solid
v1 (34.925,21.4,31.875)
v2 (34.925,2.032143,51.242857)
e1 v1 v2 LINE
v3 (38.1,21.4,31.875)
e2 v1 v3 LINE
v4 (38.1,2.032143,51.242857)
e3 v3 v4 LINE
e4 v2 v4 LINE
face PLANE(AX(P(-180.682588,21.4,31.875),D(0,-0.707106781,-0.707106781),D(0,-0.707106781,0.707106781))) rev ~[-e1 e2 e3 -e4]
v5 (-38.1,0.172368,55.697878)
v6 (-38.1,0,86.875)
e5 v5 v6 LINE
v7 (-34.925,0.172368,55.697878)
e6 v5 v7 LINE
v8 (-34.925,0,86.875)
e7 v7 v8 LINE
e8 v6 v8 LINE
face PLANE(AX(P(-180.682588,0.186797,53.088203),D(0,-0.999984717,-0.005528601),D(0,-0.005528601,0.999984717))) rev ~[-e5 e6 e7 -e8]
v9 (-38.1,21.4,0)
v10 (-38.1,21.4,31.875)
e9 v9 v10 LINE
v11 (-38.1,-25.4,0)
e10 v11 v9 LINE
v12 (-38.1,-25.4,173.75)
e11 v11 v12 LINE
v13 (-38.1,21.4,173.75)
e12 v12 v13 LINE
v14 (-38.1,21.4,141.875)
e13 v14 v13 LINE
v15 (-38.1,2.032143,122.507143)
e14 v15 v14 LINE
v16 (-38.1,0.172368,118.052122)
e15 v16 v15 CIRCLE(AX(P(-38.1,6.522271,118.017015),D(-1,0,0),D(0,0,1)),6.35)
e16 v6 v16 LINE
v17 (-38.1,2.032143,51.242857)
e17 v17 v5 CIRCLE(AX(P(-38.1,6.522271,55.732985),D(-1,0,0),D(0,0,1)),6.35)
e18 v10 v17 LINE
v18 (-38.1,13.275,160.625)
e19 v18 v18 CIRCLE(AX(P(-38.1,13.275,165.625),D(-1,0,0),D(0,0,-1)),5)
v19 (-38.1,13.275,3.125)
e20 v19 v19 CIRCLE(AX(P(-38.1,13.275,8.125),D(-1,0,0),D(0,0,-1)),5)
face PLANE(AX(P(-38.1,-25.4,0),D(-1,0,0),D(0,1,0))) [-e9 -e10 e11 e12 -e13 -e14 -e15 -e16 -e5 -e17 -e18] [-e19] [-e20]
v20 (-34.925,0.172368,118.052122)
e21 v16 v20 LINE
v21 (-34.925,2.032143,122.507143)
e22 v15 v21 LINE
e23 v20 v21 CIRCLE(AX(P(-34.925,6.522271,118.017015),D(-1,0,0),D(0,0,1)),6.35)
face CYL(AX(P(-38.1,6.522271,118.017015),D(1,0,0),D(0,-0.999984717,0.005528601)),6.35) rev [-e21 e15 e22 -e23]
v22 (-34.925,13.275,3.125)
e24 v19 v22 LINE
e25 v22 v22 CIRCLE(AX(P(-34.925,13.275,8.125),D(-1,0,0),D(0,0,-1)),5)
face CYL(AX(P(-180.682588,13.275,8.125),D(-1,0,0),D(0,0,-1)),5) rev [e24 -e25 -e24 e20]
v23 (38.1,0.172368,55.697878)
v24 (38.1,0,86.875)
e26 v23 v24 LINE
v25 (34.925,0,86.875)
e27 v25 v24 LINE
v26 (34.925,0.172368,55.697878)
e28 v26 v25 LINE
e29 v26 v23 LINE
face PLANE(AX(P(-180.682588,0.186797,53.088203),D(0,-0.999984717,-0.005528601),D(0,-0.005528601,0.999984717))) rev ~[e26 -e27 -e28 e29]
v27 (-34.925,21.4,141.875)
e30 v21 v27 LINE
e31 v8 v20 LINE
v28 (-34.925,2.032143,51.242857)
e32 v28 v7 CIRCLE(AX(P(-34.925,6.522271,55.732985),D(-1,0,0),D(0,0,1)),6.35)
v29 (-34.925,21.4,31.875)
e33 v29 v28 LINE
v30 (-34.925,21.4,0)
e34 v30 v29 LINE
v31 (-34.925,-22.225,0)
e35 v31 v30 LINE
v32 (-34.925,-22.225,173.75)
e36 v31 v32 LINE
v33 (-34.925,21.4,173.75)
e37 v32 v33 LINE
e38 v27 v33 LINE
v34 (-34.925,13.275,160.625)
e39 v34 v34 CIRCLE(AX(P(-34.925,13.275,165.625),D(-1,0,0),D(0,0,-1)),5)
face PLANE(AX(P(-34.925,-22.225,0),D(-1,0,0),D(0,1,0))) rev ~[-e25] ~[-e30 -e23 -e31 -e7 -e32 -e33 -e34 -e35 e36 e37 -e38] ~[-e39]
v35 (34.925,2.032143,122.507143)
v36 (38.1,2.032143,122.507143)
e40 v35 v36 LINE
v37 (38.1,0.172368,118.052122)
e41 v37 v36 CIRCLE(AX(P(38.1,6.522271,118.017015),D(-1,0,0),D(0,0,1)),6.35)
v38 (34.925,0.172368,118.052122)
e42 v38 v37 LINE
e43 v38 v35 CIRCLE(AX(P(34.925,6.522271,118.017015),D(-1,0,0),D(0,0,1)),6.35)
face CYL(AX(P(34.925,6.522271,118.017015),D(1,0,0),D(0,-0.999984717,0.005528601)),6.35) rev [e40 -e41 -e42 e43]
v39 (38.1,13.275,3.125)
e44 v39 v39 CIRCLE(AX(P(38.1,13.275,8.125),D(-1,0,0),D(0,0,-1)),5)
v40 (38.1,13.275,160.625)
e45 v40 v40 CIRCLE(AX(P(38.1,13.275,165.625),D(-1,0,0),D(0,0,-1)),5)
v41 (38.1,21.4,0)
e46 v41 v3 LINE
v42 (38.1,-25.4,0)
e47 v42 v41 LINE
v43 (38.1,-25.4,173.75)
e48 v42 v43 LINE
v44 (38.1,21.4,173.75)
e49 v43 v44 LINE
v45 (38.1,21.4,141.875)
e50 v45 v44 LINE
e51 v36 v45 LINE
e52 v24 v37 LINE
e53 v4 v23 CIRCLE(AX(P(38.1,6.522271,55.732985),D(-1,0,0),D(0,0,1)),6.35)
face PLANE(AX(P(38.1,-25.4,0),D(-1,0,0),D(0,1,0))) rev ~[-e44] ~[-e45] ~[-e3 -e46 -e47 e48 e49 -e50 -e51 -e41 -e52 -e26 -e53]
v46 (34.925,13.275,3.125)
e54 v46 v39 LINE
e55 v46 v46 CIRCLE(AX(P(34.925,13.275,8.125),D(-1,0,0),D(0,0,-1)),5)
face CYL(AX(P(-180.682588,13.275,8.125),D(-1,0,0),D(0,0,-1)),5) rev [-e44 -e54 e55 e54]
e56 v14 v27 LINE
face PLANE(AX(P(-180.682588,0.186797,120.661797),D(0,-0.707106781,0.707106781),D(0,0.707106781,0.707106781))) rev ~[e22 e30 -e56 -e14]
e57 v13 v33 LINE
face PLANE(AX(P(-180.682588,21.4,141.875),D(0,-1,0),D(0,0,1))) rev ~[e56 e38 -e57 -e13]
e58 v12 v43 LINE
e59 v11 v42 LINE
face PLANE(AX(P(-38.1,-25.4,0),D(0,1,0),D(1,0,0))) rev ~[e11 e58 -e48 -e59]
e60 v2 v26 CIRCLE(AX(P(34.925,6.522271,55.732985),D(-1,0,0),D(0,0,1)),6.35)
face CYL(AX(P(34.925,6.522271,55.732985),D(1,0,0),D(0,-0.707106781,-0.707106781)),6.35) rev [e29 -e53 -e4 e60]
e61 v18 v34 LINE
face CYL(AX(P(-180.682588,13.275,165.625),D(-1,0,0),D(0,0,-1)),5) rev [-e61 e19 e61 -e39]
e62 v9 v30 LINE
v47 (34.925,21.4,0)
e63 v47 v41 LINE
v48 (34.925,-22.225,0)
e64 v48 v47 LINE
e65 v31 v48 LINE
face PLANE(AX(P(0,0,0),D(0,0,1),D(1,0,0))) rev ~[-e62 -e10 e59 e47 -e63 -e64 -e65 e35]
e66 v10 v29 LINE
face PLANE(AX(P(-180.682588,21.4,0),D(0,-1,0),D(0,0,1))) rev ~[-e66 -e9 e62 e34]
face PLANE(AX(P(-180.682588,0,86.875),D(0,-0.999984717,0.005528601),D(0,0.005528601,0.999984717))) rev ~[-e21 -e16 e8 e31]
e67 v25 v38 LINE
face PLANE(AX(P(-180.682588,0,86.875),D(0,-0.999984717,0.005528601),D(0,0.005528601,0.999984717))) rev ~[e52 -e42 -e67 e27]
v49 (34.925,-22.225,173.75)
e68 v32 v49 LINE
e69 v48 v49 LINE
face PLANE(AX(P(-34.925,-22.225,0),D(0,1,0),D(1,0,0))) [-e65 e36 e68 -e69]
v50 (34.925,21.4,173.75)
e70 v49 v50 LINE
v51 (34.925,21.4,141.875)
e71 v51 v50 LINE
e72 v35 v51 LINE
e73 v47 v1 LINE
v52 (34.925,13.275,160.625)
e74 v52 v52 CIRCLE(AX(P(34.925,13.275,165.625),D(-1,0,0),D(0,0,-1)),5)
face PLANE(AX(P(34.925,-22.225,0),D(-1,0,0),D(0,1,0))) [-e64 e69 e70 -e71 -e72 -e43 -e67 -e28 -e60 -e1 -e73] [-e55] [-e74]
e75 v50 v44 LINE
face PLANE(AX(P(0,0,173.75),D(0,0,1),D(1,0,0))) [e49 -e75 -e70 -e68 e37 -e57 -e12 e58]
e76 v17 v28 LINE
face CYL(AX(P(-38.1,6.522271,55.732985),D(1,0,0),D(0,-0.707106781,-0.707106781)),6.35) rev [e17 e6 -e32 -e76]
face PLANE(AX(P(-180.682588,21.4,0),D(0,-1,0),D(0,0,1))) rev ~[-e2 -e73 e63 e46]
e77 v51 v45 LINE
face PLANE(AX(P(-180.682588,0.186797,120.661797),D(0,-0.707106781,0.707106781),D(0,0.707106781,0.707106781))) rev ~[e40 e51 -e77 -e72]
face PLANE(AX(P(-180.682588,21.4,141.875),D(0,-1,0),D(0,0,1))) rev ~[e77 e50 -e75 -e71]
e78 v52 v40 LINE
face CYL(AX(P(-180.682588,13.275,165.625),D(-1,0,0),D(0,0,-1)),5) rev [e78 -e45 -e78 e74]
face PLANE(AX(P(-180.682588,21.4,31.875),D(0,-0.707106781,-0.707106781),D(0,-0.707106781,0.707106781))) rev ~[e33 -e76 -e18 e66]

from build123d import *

# Parameters (mm, degrees)
SKETCH1_W               = 76.2
SKETCH1_H               = 50.8
SKETCH1_W_2             = 69.85
SKETCH1_H_2             = 44.45
BOSS_EXTRUDE1_DEPTH     = 173.75
CUT_EXTRUDE1_DEPTH      = 180.682588194
CUT_EXTRUDE1_DEPTH_BACK = 180.682588194
SKETCH2_R               = 5
FILLET1_R               = 6.35


with BuildPart() as part:
    # Sketch1 → Boss-Extrude1 (new body)
    with BuildSketch(Plane.XY):
        Rectangle(SKETCH1_W, SKETCH1_H)
        Rectangle(SKETCH1_W_2, SKETCH1_H_2, mode=Mode.SUBTRACT)
    extrude(amount=BOSS_EXTRUDE1_DEPTH)

    # Sketch2 → Cut-Extrude1 (cut, two sides: drawn at the far end of the back side and taken through both)
    with BuildSketch(Plane(origin=(0, 0, 0), x_dir=(0, 0, -1), z_dir=(1, 0, 0)).offset(-CUT_EXTRUDE1_DEPTH_BACK)):
        with Locations((-165.625, 13.275)):
            Circle(SKETCH2_R)
        with Locations((-8.125, 13.275)):
            Circle(SKETCH2_R)
        Polygon((-173.75, 25.4), (0, 25.4), (0, 21.4), (-31.875, 21.4), (-53.088203436, 0.186796564), (-86.875, 0), (-120.661796564, 0.186796564), (-141.875, 21.4), (-173.75, 21.4), align=None)
    extrude(amount=CUT_EXTRUDE1_DEPTH + CUT_EXTRUDE1_DEPTH_BACK, mode=Mode.SUBTRACT)

    # Fillet1
    fillet1_edges = [part.edges().sort_by_distance(p)[0] for p in [
        (-36.5125, 0.186796564, 53.088203436),
        (-36.5125, 0.186796564, 120.661796564),
        (36.5125, 0.186796564, 53.088203436),
        (36.5125, 0.186796564, 120.661796564),
    ]]
    fillet(fillet1_edges, radius=FILLET1_R)


solid = part.part
